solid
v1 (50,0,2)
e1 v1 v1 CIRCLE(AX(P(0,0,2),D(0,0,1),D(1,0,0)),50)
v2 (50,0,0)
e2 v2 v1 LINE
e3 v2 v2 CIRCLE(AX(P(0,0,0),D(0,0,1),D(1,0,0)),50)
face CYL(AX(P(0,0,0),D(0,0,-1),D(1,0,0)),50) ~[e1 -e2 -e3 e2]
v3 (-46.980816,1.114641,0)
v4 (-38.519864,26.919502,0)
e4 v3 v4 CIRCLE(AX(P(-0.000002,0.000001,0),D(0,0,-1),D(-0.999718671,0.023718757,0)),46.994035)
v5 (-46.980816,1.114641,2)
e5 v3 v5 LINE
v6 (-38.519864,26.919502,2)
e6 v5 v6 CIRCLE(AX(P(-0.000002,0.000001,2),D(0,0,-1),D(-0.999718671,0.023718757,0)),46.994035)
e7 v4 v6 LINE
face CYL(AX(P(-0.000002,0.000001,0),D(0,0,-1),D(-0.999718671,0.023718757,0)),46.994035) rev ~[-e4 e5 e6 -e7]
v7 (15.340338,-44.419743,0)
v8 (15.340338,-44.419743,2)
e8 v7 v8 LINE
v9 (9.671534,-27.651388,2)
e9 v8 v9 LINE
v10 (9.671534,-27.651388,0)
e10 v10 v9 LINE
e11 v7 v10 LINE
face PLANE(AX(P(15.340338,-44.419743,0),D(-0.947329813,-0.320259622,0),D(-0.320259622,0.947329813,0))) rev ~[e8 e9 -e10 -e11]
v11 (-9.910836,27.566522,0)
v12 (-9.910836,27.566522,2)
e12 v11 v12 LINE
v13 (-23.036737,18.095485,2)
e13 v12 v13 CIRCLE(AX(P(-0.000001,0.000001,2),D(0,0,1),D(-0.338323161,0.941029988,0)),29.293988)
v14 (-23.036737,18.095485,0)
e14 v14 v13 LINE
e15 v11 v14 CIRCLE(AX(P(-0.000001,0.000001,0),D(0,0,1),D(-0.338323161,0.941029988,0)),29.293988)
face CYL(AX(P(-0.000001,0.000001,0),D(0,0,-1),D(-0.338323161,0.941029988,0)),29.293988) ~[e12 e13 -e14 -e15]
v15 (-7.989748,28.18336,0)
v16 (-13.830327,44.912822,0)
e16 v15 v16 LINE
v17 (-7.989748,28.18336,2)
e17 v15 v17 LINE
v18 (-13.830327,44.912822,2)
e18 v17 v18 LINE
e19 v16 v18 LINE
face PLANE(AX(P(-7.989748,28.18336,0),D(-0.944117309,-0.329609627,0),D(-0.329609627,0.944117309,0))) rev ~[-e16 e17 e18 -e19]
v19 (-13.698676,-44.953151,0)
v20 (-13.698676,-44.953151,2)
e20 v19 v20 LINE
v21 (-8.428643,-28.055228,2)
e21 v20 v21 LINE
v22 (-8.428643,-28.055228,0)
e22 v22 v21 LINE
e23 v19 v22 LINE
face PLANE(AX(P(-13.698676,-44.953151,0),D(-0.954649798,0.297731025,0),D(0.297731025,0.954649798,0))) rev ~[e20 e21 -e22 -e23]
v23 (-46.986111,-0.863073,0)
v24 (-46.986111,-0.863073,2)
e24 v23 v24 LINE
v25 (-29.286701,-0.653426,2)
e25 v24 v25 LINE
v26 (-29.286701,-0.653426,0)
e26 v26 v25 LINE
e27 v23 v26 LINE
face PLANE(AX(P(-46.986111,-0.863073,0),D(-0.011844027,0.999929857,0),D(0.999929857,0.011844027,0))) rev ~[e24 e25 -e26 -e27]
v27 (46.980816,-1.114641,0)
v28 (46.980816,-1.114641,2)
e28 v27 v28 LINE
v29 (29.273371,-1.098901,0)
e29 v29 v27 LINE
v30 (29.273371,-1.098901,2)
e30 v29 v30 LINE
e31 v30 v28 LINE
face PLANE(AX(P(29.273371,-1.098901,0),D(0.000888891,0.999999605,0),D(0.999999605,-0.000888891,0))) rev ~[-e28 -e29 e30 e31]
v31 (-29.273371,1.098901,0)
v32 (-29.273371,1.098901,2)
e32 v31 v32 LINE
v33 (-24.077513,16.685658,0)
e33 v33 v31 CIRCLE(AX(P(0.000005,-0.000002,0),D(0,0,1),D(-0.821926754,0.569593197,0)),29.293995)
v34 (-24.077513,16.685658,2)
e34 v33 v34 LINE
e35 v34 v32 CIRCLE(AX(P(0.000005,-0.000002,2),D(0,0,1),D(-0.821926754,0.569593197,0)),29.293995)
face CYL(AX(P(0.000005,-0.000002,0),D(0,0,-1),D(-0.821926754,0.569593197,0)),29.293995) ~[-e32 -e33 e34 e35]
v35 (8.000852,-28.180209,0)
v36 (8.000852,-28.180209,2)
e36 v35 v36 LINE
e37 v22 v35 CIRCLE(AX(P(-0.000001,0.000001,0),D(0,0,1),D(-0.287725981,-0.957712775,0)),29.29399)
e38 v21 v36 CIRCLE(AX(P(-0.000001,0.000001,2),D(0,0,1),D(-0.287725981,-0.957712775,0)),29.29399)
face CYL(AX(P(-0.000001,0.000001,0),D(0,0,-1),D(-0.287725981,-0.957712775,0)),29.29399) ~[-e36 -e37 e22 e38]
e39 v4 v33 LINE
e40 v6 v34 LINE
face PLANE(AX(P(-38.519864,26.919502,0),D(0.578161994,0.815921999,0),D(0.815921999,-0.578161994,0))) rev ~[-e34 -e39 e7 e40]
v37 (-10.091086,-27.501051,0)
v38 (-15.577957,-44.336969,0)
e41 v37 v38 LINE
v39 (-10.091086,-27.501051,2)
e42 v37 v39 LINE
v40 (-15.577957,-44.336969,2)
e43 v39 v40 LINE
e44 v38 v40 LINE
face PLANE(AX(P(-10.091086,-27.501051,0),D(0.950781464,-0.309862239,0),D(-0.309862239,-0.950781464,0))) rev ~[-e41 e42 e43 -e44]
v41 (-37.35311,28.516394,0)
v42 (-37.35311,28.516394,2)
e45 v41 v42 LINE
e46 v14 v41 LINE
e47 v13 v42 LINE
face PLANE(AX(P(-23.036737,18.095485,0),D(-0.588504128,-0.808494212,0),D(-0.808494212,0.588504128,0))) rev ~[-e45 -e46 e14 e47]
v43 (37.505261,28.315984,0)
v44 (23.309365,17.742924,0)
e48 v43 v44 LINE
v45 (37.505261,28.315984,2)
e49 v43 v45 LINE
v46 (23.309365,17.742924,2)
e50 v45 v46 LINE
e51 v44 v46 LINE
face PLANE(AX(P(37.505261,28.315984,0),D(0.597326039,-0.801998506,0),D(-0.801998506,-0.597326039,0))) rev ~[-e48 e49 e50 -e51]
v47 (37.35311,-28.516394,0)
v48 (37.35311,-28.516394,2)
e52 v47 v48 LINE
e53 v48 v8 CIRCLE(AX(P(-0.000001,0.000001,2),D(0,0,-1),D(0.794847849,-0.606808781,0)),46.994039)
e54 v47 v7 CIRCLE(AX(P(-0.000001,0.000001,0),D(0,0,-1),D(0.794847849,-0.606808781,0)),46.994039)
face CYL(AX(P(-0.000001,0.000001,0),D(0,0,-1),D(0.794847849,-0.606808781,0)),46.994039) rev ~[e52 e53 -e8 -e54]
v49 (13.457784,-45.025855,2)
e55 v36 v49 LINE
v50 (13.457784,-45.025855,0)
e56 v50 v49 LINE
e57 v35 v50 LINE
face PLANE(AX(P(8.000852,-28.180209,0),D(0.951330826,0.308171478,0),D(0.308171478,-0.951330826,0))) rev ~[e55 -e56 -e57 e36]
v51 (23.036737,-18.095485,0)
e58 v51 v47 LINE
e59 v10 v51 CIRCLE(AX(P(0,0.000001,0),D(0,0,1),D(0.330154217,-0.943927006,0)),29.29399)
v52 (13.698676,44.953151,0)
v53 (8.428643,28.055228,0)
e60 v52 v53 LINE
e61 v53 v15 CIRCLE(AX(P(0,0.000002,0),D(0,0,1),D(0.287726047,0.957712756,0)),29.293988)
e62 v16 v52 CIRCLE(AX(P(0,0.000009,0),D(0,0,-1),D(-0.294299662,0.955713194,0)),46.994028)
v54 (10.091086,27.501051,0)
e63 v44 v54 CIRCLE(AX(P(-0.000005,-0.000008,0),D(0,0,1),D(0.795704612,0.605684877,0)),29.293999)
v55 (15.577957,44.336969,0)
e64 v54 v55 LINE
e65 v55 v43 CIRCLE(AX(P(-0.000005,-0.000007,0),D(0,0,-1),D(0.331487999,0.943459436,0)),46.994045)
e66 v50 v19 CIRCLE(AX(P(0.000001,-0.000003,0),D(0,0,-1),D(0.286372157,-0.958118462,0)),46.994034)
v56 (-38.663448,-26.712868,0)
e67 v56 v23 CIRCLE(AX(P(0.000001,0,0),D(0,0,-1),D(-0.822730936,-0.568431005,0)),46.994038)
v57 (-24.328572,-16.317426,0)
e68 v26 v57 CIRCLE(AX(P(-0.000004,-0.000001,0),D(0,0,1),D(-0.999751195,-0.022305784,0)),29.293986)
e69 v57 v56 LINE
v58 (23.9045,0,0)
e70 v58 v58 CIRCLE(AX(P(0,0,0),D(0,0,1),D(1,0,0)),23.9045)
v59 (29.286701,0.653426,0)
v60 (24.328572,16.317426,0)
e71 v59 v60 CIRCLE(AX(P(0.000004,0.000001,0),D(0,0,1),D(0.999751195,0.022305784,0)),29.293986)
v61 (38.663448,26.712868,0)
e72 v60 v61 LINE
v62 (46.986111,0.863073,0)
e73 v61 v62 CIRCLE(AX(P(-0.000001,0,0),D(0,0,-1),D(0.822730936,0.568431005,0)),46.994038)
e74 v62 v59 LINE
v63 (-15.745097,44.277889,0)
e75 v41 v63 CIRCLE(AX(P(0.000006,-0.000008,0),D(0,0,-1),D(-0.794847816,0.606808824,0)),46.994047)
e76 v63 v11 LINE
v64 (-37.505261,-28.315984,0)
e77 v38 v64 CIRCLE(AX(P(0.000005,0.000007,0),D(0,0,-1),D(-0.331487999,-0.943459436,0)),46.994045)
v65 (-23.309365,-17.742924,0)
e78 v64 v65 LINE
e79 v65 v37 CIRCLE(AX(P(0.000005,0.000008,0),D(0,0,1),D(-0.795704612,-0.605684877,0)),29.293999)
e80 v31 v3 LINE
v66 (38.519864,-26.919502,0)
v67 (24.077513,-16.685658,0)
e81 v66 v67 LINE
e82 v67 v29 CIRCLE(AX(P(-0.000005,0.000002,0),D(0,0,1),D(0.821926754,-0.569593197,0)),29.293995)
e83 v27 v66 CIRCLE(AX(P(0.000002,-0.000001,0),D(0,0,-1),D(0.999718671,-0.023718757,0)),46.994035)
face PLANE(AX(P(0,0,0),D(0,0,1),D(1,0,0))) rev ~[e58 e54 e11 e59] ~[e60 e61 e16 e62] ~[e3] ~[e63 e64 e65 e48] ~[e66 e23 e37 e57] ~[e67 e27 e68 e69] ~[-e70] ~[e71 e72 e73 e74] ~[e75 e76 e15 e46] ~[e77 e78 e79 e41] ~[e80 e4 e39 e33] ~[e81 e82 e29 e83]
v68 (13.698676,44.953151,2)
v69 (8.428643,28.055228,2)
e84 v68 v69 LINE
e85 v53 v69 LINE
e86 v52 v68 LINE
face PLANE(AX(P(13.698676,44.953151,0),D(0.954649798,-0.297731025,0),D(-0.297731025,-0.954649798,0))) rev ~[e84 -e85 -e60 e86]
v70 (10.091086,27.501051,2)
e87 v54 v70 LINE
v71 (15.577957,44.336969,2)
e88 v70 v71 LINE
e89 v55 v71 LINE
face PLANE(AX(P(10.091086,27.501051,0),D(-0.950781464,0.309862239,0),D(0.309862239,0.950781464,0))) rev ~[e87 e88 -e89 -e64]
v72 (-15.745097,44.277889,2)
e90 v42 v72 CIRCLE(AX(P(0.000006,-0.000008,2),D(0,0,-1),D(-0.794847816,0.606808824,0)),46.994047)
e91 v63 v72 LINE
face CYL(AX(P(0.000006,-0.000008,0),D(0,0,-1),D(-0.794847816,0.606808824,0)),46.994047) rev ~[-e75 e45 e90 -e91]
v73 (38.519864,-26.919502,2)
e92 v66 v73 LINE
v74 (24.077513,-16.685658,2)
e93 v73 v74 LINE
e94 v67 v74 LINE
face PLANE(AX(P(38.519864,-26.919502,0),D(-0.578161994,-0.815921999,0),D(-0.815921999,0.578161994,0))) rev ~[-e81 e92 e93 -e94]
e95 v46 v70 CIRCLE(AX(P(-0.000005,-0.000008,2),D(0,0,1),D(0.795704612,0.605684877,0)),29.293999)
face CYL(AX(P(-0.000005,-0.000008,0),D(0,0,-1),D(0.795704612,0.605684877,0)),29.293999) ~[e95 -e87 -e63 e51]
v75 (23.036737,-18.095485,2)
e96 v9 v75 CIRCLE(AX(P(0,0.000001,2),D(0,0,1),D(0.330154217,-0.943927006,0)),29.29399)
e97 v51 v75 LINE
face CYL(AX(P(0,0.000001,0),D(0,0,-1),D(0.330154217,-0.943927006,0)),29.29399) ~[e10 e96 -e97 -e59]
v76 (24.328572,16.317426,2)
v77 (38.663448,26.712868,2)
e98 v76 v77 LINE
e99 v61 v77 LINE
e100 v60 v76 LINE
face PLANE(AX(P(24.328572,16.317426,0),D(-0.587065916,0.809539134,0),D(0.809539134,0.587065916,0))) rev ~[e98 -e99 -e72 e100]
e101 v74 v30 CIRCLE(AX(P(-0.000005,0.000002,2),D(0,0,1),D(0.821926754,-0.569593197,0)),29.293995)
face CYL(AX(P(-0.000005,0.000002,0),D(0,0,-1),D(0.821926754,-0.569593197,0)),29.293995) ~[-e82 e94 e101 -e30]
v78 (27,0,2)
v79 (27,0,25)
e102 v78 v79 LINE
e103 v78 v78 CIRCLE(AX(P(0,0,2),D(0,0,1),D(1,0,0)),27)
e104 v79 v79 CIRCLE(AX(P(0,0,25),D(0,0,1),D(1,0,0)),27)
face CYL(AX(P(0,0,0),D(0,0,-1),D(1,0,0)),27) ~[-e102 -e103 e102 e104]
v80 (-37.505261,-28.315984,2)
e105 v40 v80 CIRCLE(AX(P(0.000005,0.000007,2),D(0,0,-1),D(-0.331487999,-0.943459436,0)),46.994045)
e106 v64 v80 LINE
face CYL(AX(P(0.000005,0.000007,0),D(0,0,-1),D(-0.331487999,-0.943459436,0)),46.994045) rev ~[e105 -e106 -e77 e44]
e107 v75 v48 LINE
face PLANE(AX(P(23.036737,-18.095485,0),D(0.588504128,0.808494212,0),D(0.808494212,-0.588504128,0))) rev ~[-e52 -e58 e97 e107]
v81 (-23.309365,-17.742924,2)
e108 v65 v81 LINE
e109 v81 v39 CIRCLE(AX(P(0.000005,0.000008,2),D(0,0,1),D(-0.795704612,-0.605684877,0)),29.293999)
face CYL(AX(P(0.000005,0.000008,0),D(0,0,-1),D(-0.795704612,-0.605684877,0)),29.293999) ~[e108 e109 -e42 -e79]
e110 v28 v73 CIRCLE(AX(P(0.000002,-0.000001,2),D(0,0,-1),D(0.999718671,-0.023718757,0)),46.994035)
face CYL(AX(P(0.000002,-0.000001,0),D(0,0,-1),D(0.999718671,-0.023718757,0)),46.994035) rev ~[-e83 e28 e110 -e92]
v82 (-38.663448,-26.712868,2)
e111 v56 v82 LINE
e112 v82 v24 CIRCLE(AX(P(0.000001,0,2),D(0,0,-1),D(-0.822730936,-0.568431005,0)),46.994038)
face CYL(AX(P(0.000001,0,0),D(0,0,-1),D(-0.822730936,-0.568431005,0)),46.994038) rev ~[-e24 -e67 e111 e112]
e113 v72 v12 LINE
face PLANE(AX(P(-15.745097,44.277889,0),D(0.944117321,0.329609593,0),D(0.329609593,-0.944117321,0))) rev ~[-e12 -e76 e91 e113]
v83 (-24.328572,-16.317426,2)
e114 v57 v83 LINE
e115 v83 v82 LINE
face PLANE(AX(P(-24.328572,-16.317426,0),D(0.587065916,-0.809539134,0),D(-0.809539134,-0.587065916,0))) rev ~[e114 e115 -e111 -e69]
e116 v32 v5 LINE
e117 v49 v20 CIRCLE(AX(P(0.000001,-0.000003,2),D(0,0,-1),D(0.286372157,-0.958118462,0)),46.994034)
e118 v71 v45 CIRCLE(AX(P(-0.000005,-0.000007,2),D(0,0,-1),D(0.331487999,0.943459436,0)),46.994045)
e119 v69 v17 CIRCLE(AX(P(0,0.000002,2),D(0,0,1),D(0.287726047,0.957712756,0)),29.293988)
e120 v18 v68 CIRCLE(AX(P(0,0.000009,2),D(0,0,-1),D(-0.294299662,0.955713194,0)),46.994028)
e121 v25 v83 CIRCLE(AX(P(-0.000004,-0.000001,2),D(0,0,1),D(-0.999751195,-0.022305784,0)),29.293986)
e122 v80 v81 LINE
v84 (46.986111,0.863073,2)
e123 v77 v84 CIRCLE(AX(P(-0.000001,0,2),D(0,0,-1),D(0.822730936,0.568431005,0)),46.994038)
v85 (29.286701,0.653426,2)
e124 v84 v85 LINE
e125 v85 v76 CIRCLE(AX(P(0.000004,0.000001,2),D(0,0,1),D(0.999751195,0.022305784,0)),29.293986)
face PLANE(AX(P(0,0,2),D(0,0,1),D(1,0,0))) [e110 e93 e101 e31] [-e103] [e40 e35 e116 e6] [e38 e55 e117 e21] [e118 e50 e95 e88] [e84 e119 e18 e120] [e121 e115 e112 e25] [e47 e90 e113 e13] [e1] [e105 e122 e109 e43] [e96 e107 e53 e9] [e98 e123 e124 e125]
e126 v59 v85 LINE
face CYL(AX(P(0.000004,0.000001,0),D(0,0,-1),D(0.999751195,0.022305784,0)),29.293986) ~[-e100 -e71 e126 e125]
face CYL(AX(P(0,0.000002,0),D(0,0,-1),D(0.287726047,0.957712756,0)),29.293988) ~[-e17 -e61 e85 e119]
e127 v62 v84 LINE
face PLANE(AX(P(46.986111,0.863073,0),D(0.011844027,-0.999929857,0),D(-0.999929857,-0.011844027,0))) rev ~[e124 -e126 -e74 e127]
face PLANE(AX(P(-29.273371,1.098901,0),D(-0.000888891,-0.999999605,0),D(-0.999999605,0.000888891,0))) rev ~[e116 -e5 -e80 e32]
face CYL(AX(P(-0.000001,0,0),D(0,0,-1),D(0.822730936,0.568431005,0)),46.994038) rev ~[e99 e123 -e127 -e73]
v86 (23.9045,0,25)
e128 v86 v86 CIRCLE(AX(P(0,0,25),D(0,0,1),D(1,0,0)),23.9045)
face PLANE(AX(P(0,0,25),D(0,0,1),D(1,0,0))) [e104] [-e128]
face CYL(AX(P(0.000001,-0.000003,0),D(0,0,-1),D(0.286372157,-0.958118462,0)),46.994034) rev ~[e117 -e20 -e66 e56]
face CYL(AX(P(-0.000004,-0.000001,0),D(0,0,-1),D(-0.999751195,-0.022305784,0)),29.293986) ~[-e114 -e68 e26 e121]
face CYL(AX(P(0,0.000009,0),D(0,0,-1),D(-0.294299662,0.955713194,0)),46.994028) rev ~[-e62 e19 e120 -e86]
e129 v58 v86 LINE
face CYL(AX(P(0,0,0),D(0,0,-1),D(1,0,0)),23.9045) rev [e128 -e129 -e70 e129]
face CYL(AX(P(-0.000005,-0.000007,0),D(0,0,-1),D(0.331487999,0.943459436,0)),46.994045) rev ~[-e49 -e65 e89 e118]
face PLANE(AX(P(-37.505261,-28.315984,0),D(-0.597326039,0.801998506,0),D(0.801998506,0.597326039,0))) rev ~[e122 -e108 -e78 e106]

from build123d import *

# Parameters (mm, degrees)
F0_R     = 50
F0_R_2   = 27
F1_DEPTH = 2
F2_R     = 27
F2_R_2   = 23.9045
F3_DEPTH = 25


with BuildPart() as f1:
    # F0 (on Top) → F1 (new body)
    with BuildSketch(Plane.XY):
        Circle(F0_R)
        with BuildLine():
            ThreePointArc((46.986111, 0.863073), (46.992056, 0.431555), (46.994037, 0))
            ThreePointArc((46.994037, 0), (46.990732, -0.55736), (46.980816, -1.114641))
            ThreePointArc((46.980816, -1.114641), (44.654947, -14.641558), (38.519864, -26.919502))
            ThreePointArc((38.519864, -26.919502), (37.944888, -27.724087), (37.35311, -28.516394))
            ThreePointArc((37.35311, -28.516394), (27.520519, -38.092789), (15.340338, -44.419743))
            ThreePointArc((15.340338, -44.419743), (14.40225, -44.732703), (13.457784, -45.025855))
            ThreePointArc((13.457784, -45.025855), (-0.125812, -46.993869), (-13.698676, -44.953151))
            ThreePointArc((-13.698676, -44.953151), (-14.641558, -44.654947), (-15.577957, -44.336969))
            ThreePointArc((-15.577957, -44.336969), (-27.724087, -37.944888), (-37.505261, -28.315984))
            ThreePointArc((-37.505261, -28.315984), (-38.092789, -27.520519), (-38.663448, -26.712868))
            ThreePointArc((-38.663448, -26.712868), (-44.732703, -14.40225), (-46.986111, -0.863073))
            ThreePointArc((-46.986111, -0.863073), (-46.993869, 0.125812), (-46.980816, 1.114641))
            ThreePointArc((-46.980816, 1.114641), (-44.654947, 14.641558), (-38.519864, 26.919502))
            ThreePointArc((-38.519864, 26.919502), (-37.944888, 27.724087), (-37.35311, 28.516394))
            ThreePointArc((-37.35311, 28.516394), (-27.694062, 37.966807), (-15.745097, 44.277889))
            ThreePointArc((-15.745097, 44.277889), (-14.791119, 44.605631), (-13.830327, 44.912822))
            ThreePointArc((-13.830327, 44.912822), (-0.068845, 46.993987), (13.698676, 44.953151))
            ThreePointArc((13.698676, 44.953151), (14.641558, 44.654947), (15.577957, 44.336969))
            ThreePointArc((15.577957, 44.336969), (27.724087, 37.944888), (37.505261, 28.315984))
            ThreePointArc((37.505261, 28.315984), (38.092789, 27.520519), (38.663448, 26.712868))
            ThreePointArc((38.663448, 26.712868), (44.732703, 14.40225), (46.986111, 0.863073))
        make_face(mode=Mode.SUBTRACT)
        with BuildLine():
            ThreePointArc((29.29399, 0), (29.292167, 0.326733), (29.286701, 0.653426))
            ThreePointArc((29.286701, 0.653426), (27.928294, 8.840148), (24.328572, 16.317426))
            ThreePointArc((24.328572, 16.317426), (23.82963, 17.037798), (23.309365, 17.742924))
            ThreePointArc((23.309365, 17.742924), (17.398356, 23.567669), (10.091086, 27.501051))
            ThreePointArc((10.091086, 27.501051), (9.264009, 27.790573), (8.428643, 28.055228))
            ThreePointArc((8.428643, 28.055228), (0.228608, 29.293098), (-7.989748, 28.18336))
            ThreePointArc((-7.989748, 28.18336), (-8.955604, 27.891486), (-9.910836, 27.566522))
            ThreePointArc((-9.910836, 27.566522), (-17.140909, 23.755569), (-23.036737, 18.095485))
            ThreePointArc((-23.036737, 18.095485), (-23.567669, 17.398356), (-24.077513, 16.685658))
            ThreePointArc((-24.077513, 16.685658), (-27.790573, 9.264009), (-29.273371, 1.098901))
            ThreePointArc((-29.273371, 1.098901), (-29.293142, 0.222837), (-29.286701, -0.653426))
            ThreePointArc((-29.286701, -0.653426), (-27.928294, -8.840148), (-24.328572, -16.317426))
            ThreePointArc((-24.328572, -16.317426), (-23.82963, -17.037798), (-23.309365, -17.742924))
            ThreePointArc((-23.309365, -17.742924), (-17.398356, -23.567669), (-10.091086, -27.501051))
            ThreePointArc((-10.091086, -27.501051), (-9.264009, -27.790573), (-8.428643, -28.055228))
            ThreePointArc((-8.428643, -28.055228), (-0.222837, -29.293142), (8.000852, -28.180209))
            ThreePointArc((8.000852, -28.180209), (8.840148, -27.928294), (9.671534, -27.651388))
            ThreePointArc((9.671534, -27.651388), (17.037798, -23.82963), (23.036737, -18.095485))
            ThreePointArc((23.036737, -18.095485), (23.567669, -17.398356), (24.077513, -16.685658))
            ThreePointArc((24.077513, -16.685658), (27.790573, -9.264009), (29.273371, -1.098901))
            ThreePointArc((29.273371, -1.098901), (29.288834, -0.549547), (29.29399, 0))
        make_face()
        Circle(F0_R_2, mode=Mode.SUBTRACT)
        with BuildLine():
            Line((-7.989748, 28.18336), (-13.830327, 44.912822))
            ThreePointArc((-13.830327, 44.912822), (-14.791119, 44.605631), (-15.745097, 44.277889))
            Line((-15.745097, 44.277889), (-9.910836, 27.566522))
            ThreePointArc((-9.910836, 27.566522), (-8.955604, 27.891486), (-7.989748, 28.18336))
        make_face()
        with BuildLine():
            Line((-23.036737, 18.095485), (-37.35311, 28.516394))
            ThreePointArc((-37.35311, 28.516394), (-37.944888, 27.724087), (-38.519864, 26.919502))
            Line((-38.519864, 26.919502), (-24.077513, 16.685658))
            ThreePointArc((-24.077513, 16.685658), (-23.567669, 17.398356), (-23.036737, 18.095485))
        make_face()
        with BuildLine():
            Line((-29.273371, 1.098901), (-46.980816, 1.114641))
            ThreePointArc((-46.980816, 1.114641), (-46.993869, 0.125812), (-46.986111, -0.863073))
            Line((-46.986111, -0.863073), (-29.286701, -0.653426))
            ThreePointArc((-29.286701, -0.653426), (-29.293142, 0.222837), (-29.273371, 1.098901))
        make_face()
        with BuildLine():
            ThreePointArc((-38.663448, -26.712868), (-38.092789, -27.520519), (-37.505261, -28.315984))
            Line((-37.505261, -28.315984), (-23.309365, -17.742924))
            ThreePointArc((-23.309365, -17.742924), (-23.82963, -17.037798), (-24.328572, -16.317426))
            Line((-24.328572, -16.317426), (-38.663448, -26.712868))
        make_face()
        with BuildLine():
            ThreePointArc((-15.577957, -44.336969), (-14.641558, -44.654947), (-13.698676, -44.953151))
            Line((-13.698676, -44.953151), (-8.428643, -28.055228))
            ThreePointArc((-8.428643, -28.055228), (-9.264009, -27.790573), (-10.091086, -27.501051))
            Line((-10.091086, -27.501051), (-15.577957, -44.336969))
        make_face()
        with BuildLine():
            ThreePointArc((13.457784, -45.025855), (14.40225, -44.732703), (15.340338, -44.419743))
            Line((15.340338, -44.419743), (9.671534, -27.651388))
            ThreePointArc((9.671534, -27.651388), (8.840148, -27.928294), (8.000852, -28.180209))
            Line((8.000852, -28.180209), (13.457784, -45.025855))
        make_face()
        with BuildLine():
            ThreePointArc((37.35311, -28.516394), (37.944888, -27.724087), (38.519864, -26.919502))
            Line((38.519864, -26.919502), (24.077513, -16.685658))
            ThreePointArc((24.077513, -16.685658), (23.567669, -17.398356), (23.036737, -18.095485))
            Line((23.036737, -18.095485), (37.35311, -28.516394))
        make_face()
        with BuildLine():
            ThreePointArc((46.980816, -1.114641), (46.990732, -0.55736), (46.994037, 0))
            ThreePointArc((46.994037, 0), (46.992056, 0.431555), (46.986111, 0.863073))
            Line((46.986111, 0.863073), (29.286701, 0.653426))
            ThreePointArc((29.286701, 0.653426), (29.292167, 0.326733), (29.29399, 0))
            ThreePointArc((29.29399, 0), (29.288834, -0.549547), (29.273371, -1.098901))
            Line((29.273371, -1.098901), (46.980816, -1.114641))
        make_face()
        with BuildLine():
            Line((24.328572, 16.317426), (38.663448, 26.712868))
            ThreePointArc((38.663448, 26.712868), (38.092789, 27.520519), (37.505261, 28.315984))
            Line((37.505261, 28.315984), (23.309365, 17.742924))
            ThreePointArc((23.309365, 17.742924), (23.82963, 17.037798), (24.328572, 16.317426))
        make_face()
        with BuildLine():
            Line((10.091086, 27.501051), (15.577957, 44.336969))
            ThreePointArc((15.577957, 44.336969), (14.641558, 44.654947), (13.698676, 44.953151))
            Line((13.698676, 44.953151), (8.428643, 28.055228))
            ThreePointArc((8.428643, 28.055228), (9.264009, 27.790573), (10.091086, 27.501051))
        make_face()
    extrude(amount=F1_DEPTH)

    # F2 (on Top) → F3 (join)
    with BuildSketch(Plane.XY):
        Circle(F2_R)
        Circle(F2_R_2, mode=Mode.SUBTRACT)
    extrude(amount=F3_DEPTH)


solid = f1.part
